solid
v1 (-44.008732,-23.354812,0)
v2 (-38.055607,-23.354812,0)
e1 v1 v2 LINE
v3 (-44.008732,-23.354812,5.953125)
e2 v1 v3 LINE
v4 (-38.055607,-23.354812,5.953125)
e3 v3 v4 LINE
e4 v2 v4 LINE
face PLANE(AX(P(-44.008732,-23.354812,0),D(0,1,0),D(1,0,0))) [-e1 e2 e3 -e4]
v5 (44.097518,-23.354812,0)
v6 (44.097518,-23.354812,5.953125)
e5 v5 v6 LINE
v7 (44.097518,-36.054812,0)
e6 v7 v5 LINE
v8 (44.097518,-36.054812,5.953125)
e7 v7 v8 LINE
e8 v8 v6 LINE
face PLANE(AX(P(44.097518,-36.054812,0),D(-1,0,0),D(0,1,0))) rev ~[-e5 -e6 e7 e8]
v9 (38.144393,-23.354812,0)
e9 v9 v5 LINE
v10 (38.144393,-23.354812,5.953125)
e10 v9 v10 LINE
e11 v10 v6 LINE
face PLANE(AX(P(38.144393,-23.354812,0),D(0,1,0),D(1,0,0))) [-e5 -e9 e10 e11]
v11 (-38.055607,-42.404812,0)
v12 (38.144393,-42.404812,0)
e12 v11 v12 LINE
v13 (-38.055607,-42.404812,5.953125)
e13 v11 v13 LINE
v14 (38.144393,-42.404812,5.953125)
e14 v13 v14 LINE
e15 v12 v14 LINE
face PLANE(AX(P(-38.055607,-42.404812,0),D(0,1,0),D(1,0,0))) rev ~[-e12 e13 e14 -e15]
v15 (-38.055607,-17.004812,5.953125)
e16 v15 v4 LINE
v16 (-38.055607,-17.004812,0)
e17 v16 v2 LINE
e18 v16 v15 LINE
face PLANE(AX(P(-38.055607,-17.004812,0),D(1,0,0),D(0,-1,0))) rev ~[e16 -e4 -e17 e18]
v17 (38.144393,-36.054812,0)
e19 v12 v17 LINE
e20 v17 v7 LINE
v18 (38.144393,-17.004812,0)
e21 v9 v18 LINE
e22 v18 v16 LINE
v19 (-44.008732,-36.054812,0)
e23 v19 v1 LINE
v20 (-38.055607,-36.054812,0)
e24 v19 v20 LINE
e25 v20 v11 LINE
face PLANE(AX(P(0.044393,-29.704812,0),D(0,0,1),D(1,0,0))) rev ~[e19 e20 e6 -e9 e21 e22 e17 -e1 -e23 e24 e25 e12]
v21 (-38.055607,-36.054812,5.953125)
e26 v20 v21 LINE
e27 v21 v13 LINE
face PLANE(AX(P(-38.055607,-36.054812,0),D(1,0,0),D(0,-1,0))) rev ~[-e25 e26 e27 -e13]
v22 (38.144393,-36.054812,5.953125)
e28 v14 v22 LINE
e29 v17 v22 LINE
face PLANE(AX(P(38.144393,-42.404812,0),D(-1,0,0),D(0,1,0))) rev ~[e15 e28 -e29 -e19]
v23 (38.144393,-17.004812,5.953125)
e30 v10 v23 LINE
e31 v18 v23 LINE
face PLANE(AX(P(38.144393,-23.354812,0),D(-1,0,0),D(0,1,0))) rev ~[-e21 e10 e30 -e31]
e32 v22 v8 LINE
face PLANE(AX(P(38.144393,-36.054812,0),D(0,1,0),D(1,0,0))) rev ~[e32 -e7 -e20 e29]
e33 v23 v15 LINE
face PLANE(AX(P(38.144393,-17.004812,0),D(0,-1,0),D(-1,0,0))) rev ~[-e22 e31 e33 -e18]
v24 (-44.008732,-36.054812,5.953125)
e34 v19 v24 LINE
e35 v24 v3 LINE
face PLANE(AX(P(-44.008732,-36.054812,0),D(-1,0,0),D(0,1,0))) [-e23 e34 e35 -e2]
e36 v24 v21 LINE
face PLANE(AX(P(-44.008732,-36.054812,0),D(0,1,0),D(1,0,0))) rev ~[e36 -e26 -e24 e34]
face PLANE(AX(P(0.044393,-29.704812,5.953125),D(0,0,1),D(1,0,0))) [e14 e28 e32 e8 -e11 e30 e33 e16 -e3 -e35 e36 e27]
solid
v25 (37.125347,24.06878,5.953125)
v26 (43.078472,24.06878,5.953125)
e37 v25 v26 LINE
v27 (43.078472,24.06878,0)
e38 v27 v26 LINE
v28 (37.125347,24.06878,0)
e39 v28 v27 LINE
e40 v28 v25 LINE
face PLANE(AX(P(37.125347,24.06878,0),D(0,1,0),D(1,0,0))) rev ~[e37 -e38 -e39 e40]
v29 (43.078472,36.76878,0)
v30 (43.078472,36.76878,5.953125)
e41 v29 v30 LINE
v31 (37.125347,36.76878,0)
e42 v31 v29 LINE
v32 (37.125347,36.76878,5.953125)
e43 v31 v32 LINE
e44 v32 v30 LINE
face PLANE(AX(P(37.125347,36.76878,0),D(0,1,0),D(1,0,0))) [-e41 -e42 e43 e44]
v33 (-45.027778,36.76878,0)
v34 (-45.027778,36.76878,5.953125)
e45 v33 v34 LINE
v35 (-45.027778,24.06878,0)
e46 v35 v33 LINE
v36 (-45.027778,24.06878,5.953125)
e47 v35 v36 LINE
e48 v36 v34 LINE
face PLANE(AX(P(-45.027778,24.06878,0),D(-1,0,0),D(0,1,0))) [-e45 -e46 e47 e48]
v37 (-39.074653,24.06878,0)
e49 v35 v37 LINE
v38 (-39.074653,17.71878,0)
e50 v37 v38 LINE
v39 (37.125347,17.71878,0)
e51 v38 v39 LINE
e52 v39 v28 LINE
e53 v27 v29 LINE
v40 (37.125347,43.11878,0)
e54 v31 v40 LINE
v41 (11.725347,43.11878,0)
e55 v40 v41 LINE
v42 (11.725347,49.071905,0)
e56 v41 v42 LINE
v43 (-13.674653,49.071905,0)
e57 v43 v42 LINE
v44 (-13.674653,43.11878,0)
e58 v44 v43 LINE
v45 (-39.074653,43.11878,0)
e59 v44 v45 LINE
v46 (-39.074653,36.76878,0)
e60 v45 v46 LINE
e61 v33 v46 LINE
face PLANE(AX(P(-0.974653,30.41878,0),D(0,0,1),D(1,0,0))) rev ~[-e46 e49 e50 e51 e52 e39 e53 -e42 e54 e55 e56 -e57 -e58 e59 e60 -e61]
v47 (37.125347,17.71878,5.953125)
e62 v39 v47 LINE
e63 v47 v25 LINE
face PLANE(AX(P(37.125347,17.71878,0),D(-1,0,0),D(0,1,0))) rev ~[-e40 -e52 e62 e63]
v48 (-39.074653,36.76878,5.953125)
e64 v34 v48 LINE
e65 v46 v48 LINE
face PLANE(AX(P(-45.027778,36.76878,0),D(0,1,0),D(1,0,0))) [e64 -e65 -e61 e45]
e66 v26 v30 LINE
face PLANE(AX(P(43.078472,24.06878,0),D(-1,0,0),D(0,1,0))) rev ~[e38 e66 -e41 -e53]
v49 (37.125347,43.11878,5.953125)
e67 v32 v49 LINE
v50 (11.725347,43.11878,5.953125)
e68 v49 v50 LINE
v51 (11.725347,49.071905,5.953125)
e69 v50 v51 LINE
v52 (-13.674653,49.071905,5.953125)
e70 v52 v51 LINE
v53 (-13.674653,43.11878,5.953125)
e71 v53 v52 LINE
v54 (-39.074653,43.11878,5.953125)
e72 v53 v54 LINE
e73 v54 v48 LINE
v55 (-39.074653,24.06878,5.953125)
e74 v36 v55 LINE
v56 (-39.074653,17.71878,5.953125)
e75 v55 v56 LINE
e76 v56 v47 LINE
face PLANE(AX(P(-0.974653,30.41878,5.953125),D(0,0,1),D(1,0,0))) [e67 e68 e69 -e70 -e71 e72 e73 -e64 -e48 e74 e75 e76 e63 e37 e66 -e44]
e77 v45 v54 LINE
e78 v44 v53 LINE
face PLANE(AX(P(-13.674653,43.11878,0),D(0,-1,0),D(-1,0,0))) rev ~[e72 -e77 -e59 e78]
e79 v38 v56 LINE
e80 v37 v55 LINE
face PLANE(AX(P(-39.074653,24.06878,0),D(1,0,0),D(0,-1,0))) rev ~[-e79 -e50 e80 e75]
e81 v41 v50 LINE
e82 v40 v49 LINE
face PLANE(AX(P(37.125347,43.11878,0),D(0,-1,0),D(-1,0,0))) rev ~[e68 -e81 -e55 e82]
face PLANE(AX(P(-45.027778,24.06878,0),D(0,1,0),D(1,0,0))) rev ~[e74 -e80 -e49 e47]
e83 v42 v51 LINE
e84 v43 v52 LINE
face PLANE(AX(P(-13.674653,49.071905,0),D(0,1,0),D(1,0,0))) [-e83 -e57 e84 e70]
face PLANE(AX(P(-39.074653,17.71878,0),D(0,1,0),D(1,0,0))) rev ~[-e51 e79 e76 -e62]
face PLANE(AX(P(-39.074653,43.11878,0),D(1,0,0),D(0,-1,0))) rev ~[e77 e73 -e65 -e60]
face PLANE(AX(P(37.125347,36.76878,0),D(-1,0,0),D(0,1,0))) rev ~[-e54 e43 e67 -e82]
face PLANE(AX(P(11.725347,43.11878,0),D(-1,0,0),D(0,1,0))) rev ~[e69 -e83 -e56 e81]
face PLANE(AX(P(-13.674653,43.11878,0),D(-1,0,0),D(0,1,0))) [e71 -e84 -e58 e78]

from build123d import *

# Parameters (mm, degrees)
F0_W     = 5.953125
F0_H     = 12.7
F0_W_2   = 25.4
F0_H_2   = 5.953125
F1_DEPTH = 5.953125


with BuildPart() as f1:
    # F0 (on Top) → F1 (new body)
    with BuildSketch(Plane.XY):
        Polygon((-13.6746525526, 43.1187802434), (-39.0746525526, 43.1187802434), (-39.0746525526, 36.7687802434), (-39.0746525526, 24.0687802434), (-39.0746525526, 17.7187802434), (37.1253474474, 17.7187802434), (37.1253474474, 24.0687802434), (37.1253474474, 36.7687802434), (37.1253474474, 43.1187802434), (11.7253474474, 43.1187802434), align=None)
        with Locations((-42.0512150526, 30.4187802434)):
            Rectangle(F0_W, F0_H)
        with Locations((-0.9746525526, 46.0953427434)):
            Rectangle(F0_W_2, F0_H_2)
        with Locations((40.1019099474, 30.4187802434)):
            Rectangle(F0_W, F0_H)
    extrude(amount=F1_DEPTH)


with BuildPart() as f1b:
    # F0 (on Top) → F1, piece 2 (new body)
    with BuildSketch(Plane.XY):
        Polygon((38.144393158, -17.0048123717), (-38.055606842, -17.0048123717), (-38.055606842, -23.3548123717), (-38.055606842, -36.0548123717), (-38.055606842, -42.4048123717), (38.144393158, -42.4048123717), (38.144393158, -36.0548123717), (38.144393158, -23.3548123717), align=None)
        with Locations((-41.032169342, -29.7048123717)):
            Rectangle(F0_W, F0_H)
        with Locations((41.120955658, -29.7048123717)):
            Rectangle(F0_W, F0_H)
    extrude(amount=F1_DEPTH)


solid = Compound([f1.part, f1b.part])
